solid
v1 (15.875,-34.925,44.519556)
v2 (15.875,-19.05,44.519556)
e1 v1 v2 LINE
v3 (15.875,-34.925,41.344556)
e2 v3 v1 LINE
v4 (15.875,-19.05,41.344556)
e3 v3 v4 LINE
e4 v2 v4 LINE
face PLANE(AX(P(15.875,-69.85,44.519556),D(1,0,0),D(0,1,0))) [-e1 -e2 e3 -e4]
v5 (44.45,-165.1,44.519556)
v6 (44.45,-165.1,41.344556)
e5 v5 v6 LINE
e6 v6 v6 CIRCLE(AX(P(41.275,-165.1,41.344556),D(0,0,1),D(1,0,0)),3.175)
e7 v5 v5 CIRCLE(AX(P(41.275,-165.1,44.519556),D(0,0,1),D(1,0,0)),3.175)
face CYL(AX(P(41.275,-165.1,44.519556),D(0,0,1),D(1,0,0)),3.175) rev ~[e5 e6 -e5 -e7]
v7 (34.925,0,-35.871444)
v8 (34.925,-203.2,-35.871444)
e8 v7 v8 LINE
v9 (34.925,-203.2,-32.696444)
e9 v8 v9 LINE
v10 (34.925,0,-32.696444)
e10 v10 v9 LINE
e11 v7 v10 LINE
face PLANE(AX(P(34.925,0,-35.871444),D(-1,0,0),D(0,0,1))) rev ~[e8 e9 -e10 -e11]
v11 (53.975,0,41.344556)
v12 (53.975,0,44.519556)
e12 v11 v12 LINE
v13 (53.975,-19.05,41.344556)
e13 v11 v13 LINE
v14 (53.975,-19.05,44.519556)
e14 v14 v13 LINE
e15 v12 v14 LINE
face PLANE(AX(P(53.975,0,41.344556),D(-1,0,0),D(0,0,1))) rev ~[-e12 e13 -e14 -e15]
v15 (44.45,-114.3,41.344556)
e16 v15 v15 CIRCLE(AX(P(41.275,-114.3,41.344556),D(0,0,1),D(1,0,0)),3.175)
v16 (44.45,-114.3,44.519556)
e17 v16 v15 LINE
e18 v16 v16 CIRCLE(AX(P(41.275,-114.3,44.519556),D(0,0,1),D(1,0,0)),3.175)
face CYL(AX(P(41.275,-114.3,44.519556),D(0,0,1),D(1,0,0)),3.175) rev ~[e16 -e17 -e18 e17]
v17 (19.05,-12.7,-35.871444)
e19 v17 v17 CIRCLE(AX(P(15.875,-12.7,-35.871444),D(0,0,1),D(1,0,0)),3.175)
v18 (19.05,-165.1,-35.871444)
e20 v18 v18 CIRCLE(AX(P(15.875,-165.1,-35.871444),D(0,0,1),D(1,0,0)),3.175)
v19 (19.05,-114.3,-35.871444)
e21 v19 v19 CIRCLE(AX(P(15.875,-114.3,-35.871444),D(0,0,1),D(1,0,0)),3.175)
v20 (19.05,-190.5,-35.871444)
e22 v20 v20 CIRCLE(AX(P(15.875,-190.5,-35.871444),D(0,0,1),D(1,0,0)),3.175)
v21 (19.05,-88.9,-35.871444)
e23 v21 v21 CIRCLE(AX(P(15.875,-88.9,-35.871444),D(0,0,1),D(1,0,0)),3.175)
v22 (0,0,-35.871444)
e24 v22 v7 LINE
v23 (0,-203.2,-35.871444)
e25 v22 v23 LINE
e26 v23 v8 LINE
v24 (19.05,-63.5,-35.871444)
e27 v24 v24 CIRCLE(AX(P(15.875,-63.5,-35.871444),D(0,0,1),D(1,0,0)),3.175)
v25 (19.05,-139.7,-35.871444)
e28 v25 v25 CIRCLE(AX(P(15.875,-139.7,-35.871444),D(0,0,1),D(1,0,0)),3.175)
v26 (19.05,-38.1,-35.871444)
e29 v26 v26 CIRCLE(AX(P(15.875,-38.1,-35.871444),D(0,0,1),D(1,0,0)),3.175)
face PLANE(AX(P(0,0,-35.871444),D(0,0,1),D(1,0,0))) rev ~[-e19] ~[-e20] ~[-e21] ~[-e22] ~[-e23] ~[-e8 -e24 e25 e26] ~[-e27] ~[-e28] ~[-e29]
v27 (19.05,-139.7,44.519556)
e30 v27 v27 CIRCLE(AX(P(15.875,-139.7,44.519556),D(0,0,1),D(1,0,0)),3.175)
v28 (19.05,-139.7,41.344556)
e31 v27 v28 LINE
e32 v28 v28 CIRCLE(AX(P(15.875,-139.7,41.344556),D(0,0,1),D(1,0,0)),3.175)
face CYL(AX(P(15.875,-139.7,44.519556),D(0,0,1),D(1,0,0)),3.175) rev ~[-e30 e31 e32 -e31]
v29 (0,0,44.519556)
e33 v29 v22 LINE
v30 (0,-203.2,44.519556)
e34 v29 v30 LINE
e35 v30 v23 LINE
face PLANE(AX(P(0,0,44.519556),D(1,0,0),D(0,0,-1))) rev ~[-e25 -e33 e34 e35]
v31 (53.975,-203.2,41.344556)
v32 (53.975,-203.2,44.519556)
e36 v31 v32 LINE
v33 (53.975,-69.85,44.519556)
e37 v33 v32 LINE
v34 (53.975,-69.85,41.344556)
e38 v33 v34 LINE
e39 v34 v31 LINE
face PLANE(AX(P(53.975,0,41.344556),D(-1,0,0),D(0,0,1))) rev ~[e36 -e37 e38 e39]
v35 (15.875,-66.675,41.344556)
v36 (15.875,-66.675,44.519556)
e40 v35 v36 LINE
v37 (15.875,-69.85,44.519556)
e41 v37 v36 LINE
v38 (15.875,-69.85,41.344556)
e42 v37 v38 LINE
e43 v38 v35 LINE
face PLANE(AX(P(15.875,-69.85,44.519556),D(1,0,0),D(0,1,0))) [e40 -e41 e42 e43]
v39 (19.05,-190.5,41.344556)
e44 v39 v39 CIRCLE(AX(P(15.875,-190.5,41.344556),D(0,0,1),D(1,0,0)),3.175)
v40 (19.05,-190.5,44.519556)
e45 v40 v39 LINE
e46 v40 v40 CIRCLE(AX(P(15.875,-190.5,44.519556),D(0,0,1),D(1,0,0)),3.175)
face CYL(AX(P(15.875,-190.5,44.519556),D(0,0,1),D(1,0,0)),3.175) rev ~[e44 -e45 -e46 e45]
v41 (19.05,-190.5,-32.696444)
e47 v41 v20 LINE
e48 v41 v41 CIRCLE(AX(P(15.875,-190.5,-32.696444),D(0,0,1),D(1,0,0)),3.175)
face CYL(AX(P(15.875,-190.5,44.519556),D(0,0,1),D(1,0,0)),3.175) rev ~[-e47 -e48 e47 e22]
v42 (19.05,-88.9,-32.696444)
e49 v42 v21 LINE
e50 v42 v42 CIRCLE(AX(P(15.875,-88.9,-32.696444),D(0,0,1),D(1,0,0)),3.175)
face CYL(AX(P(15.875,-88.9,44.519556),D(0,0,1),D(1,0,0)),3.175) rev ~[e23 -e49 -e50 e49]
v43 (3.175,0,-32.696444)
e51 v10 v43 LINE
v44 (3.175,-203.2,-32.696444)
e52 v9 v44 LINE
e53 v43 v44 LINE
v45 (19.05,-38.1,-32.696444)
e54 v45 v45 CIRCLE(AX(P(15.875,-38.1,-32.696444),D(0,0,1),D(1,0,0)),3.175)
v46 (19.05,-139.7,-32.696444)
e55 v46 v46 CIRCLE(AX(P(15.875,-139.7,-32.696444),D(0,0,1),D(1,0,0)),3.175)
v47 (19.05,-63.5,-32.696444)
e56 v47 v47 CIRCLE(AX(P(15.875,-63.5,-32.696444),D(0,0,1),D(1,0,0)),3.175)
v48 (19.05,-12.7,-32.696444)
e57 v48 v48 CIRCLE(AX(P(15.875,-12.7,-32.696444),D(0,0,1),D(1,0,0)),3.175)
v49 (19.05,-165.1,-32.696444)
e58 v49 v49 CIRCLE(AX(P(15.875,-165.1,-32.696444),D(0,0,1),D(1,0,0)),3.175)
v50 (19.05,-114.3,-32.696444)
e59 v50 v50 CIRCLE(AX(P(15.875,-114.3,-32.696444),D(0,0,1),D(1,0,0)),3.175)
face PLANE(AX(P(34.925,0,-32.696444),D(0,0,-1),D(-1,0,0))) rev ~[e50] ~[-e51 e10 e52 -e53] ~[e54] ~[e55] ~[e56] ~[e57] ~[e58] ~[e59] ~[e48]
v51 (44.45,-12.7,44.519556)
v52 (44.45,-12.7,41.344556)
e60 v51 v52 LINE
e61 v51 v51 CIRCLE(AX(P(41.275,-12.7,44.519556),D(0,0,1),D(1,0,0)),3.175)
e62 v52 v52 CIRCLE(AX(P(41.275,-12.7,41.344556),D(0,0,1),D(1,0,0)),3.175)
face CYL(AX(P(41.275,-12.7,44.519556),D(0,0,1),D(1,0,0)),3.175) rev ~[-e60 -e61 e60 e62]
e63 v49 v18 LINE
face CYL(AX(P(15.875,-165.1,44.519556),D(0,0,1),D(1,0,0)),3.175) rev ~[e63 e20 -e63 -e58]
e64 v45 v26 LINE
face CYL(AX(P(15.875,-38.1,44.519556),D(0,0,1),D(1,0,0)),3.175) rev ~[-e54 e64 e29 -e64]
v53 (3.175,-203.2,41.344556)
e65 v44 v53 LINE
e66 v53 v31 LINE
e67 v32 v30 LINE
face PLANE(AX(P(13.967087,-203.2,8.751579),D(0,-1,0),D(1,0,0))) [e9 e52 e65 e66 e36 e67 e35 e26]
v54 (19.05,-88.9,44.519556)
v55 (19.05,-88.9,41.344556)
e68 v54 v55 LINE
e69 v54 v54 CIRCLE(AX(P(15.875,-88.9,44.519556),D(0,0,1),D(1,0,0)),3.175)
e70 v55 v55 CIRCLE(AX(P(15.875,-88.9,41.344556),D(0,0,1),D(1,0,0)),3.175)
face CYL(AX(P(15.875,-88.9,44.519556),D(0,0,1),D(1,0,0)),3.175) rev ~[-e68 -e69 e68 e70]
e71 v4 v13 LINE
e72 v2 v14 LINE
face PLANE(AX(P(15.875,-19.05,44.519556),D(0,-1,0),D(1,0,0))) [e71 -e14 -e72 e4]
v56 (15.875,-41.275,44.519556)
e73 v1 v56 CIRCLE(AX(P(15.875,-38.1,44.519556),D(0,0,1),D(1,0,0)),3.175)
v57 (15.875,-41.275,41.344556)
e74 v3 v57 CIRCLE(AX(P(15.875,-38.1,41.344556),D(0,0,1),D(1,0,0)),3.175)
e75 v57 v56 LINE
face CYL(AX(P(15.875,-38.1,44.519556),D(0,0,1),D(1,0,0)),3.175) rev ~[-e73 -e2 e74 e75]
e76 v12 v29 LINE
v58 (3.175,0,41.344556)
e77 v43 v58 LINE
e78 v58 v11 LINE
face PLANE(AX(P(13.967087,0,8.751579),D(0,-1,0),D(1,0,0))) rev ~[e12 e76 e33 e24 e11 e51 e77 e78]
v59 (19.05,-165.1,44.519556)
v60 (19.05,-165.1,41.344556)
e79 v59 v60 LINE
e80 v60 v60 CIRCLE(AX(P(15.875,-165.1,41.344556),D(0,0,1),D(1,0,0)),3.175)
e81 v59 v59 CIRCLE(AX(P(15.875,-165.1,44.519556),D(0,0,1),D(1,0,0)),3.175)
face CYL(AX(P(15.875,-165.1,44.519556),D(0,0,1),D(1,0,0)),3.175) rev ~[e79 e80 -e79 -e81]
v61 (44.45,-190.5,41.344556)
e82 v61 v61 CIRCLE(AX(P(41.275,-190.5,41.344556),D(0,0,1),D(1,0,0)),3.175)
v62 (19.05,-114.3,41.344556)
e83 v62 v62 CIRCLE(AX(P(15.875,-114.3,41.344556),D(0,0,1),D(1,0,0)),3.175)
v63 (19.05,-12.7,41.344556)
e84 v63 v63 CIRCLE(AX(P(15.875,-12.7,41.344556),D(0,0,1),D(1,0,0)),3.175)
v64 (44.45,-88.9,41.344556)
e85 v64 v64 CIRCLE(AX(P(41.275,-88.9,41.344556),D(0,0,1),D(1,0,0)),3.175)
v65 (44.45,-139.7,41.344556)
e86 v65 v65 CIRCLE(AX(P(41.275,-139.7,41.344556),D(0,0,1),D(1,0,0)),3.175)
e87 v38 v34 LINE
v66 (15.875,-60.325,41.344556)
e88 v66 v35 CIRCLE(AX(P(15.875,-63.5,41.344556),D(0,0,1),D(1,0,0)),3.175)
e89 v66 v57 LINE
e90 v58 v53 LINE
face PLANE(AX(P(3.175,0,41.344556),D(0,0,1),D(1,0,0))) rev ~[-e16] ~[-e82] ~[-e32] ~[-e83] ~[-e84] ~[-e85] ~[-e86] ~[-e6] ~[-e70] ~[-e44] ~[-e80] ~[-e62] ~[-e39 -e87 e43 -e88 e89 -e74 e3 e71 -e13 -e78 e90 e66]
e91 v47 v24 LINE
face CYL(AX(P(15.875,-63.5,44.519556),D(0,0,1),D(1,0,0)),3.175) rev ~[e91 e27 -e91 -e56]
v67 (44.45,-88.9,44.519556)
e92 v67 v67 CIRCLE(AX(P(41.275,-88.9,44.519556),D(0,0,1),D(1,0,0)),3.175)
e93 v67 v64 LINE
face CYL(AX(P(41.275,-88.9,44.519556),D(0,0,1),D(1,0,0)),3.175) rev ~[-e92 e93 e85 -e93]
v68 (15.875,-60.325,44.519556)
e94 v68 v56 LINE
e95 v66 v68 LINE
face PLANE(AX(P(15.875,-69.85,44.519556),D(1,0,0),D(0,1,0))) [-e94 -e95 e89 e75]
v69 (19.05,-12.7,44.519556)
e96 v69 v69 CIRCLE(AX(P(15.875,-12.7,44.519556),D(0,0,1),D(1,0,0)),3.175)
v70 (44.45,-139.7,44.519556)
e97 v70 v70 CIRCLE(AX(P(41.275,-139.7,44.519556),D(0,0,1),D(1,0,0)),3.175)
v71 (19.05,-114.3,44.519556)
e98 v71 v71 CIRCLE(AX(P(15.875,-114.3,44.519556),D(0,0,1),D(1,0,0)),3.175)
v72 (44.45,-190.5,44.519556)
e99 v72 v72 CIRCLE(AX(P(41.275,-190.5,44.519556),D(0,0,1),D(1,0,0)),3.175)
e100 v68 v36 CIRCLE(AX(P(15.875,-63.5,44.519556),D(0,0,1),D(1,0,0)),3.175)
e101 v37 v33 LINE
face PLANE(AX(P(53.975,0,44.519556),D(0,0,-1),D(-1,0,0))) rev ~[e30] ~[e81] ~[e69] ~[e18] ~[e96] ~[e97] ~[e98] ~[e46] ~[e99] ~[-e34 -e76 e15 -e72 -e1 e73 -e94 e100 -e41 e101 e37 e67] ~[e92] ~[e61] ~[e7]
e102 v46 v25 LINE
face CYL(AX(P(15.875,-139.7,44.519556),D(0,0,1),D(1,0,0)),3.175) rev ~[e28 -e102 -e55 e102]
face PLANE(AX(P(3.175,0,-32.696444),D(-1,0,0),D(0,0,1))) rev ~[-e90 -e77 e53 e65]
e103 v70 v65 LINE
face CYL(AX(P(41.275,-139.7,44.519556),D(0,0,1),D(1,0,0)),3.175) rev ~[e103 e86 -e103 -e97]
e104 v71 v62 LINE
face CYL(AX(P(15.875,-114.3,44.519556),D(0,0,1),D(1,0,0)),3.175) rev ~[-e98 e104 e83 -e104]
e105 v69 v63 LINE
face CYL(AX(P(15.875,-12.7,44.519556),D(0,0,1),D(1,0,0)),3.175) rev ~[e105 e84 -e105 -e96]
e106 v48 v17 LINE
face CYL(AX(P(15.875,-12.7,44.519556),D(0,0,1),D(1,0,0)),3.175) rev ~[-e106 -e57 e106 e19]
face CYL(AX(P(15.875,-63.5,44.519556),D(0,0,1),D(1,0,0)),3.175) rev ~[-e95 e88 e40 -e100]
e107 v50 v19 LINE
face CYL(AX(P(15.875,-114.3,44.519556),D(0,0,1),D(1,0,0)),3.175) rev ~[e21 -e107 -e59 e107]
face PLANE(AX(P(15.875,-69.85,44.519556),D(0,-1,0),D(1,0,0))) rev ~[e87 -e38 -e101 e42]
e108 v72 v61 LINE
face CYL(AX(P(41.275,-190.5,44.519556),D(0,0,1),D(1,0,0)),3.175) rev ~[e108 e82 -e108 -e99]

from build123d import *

# Parameters (mm, degrees)
F1_DEPTH = 203.2
F2_W     = 38.1
F2_H     = 50.8
F3_DEPTH = 25.4
F4_R     = 3.175
F5_DEPTH = 101.6


with BuildPart() as f1:
    # F0 (on Front) → F1 (new body)
    with BuildSketch(Plane.XZ):
        Polygon((53.975, 44.519556), (0, 44.519556), (0, -35.871444), (34.925, -35.871444), (34.925, -32.696444), (3.175, -32.696444), (3.175, 41.344556), (53.975, 41.344556), align=None)
    extrude(amount=F1_DEPTH)

    # F2 (on face) → F3 (cut)
    with BuildSketch(Plane.XY.offset(44.519556)):
        with Locations((34.925, -44.45)):
            Rectangle(F2_W, F2_H)
    extrude(amount=-F3_DEPTH, mode=Mode.SUBTRACT)

    # F4 (on face) → F5 (cut)
    with BuildSketch(Plane.XY.offset(44.519556)):
        with Locations((41.275, -190.5)):
            Circle(F4_R)
        with Locations((41.275, -165.1)):
            Circle(F4_R)
        with Locations((41.275, -139.7)):
            Circle(F4_R)
        with Locations((41.275, -114.3)):
            Circle(F4_R)
        with Locations((41.275, -88.9)):
            Circle(F4_R)
        with Locations((41.275, -63.5)):
            Circle(F4_R)
        with Locations((41.275, -38.1)):
            Circle(F4_R)
        with Locations((41.275, -12.7)):
            Circle(F4_R)
        with Locations((15.875, -190.5)):
            Circle(F4_R)
        with Locations((15.875, -165.1)):
            Circle(F4_R)
        with Locations((15.875, -139.7)):
            Circle(F4_R)
        with Locations((15.875, -114.3)):
            Circle(F4_R)
        with Locations((15.875, -88.9)):
            Circle(F4_R)
        with Locations((15.875, -63.5)):
            Circle(F4_R)
        with Locations((15.875, -38.1)):
            Circle(F4_R)
        with Locations((15.875, -12.7)):
            Circle(F4_R)
    extrude(amount=-F5_DEPTH, mode=Mode.SUBTRACT)


solid = f1.part
